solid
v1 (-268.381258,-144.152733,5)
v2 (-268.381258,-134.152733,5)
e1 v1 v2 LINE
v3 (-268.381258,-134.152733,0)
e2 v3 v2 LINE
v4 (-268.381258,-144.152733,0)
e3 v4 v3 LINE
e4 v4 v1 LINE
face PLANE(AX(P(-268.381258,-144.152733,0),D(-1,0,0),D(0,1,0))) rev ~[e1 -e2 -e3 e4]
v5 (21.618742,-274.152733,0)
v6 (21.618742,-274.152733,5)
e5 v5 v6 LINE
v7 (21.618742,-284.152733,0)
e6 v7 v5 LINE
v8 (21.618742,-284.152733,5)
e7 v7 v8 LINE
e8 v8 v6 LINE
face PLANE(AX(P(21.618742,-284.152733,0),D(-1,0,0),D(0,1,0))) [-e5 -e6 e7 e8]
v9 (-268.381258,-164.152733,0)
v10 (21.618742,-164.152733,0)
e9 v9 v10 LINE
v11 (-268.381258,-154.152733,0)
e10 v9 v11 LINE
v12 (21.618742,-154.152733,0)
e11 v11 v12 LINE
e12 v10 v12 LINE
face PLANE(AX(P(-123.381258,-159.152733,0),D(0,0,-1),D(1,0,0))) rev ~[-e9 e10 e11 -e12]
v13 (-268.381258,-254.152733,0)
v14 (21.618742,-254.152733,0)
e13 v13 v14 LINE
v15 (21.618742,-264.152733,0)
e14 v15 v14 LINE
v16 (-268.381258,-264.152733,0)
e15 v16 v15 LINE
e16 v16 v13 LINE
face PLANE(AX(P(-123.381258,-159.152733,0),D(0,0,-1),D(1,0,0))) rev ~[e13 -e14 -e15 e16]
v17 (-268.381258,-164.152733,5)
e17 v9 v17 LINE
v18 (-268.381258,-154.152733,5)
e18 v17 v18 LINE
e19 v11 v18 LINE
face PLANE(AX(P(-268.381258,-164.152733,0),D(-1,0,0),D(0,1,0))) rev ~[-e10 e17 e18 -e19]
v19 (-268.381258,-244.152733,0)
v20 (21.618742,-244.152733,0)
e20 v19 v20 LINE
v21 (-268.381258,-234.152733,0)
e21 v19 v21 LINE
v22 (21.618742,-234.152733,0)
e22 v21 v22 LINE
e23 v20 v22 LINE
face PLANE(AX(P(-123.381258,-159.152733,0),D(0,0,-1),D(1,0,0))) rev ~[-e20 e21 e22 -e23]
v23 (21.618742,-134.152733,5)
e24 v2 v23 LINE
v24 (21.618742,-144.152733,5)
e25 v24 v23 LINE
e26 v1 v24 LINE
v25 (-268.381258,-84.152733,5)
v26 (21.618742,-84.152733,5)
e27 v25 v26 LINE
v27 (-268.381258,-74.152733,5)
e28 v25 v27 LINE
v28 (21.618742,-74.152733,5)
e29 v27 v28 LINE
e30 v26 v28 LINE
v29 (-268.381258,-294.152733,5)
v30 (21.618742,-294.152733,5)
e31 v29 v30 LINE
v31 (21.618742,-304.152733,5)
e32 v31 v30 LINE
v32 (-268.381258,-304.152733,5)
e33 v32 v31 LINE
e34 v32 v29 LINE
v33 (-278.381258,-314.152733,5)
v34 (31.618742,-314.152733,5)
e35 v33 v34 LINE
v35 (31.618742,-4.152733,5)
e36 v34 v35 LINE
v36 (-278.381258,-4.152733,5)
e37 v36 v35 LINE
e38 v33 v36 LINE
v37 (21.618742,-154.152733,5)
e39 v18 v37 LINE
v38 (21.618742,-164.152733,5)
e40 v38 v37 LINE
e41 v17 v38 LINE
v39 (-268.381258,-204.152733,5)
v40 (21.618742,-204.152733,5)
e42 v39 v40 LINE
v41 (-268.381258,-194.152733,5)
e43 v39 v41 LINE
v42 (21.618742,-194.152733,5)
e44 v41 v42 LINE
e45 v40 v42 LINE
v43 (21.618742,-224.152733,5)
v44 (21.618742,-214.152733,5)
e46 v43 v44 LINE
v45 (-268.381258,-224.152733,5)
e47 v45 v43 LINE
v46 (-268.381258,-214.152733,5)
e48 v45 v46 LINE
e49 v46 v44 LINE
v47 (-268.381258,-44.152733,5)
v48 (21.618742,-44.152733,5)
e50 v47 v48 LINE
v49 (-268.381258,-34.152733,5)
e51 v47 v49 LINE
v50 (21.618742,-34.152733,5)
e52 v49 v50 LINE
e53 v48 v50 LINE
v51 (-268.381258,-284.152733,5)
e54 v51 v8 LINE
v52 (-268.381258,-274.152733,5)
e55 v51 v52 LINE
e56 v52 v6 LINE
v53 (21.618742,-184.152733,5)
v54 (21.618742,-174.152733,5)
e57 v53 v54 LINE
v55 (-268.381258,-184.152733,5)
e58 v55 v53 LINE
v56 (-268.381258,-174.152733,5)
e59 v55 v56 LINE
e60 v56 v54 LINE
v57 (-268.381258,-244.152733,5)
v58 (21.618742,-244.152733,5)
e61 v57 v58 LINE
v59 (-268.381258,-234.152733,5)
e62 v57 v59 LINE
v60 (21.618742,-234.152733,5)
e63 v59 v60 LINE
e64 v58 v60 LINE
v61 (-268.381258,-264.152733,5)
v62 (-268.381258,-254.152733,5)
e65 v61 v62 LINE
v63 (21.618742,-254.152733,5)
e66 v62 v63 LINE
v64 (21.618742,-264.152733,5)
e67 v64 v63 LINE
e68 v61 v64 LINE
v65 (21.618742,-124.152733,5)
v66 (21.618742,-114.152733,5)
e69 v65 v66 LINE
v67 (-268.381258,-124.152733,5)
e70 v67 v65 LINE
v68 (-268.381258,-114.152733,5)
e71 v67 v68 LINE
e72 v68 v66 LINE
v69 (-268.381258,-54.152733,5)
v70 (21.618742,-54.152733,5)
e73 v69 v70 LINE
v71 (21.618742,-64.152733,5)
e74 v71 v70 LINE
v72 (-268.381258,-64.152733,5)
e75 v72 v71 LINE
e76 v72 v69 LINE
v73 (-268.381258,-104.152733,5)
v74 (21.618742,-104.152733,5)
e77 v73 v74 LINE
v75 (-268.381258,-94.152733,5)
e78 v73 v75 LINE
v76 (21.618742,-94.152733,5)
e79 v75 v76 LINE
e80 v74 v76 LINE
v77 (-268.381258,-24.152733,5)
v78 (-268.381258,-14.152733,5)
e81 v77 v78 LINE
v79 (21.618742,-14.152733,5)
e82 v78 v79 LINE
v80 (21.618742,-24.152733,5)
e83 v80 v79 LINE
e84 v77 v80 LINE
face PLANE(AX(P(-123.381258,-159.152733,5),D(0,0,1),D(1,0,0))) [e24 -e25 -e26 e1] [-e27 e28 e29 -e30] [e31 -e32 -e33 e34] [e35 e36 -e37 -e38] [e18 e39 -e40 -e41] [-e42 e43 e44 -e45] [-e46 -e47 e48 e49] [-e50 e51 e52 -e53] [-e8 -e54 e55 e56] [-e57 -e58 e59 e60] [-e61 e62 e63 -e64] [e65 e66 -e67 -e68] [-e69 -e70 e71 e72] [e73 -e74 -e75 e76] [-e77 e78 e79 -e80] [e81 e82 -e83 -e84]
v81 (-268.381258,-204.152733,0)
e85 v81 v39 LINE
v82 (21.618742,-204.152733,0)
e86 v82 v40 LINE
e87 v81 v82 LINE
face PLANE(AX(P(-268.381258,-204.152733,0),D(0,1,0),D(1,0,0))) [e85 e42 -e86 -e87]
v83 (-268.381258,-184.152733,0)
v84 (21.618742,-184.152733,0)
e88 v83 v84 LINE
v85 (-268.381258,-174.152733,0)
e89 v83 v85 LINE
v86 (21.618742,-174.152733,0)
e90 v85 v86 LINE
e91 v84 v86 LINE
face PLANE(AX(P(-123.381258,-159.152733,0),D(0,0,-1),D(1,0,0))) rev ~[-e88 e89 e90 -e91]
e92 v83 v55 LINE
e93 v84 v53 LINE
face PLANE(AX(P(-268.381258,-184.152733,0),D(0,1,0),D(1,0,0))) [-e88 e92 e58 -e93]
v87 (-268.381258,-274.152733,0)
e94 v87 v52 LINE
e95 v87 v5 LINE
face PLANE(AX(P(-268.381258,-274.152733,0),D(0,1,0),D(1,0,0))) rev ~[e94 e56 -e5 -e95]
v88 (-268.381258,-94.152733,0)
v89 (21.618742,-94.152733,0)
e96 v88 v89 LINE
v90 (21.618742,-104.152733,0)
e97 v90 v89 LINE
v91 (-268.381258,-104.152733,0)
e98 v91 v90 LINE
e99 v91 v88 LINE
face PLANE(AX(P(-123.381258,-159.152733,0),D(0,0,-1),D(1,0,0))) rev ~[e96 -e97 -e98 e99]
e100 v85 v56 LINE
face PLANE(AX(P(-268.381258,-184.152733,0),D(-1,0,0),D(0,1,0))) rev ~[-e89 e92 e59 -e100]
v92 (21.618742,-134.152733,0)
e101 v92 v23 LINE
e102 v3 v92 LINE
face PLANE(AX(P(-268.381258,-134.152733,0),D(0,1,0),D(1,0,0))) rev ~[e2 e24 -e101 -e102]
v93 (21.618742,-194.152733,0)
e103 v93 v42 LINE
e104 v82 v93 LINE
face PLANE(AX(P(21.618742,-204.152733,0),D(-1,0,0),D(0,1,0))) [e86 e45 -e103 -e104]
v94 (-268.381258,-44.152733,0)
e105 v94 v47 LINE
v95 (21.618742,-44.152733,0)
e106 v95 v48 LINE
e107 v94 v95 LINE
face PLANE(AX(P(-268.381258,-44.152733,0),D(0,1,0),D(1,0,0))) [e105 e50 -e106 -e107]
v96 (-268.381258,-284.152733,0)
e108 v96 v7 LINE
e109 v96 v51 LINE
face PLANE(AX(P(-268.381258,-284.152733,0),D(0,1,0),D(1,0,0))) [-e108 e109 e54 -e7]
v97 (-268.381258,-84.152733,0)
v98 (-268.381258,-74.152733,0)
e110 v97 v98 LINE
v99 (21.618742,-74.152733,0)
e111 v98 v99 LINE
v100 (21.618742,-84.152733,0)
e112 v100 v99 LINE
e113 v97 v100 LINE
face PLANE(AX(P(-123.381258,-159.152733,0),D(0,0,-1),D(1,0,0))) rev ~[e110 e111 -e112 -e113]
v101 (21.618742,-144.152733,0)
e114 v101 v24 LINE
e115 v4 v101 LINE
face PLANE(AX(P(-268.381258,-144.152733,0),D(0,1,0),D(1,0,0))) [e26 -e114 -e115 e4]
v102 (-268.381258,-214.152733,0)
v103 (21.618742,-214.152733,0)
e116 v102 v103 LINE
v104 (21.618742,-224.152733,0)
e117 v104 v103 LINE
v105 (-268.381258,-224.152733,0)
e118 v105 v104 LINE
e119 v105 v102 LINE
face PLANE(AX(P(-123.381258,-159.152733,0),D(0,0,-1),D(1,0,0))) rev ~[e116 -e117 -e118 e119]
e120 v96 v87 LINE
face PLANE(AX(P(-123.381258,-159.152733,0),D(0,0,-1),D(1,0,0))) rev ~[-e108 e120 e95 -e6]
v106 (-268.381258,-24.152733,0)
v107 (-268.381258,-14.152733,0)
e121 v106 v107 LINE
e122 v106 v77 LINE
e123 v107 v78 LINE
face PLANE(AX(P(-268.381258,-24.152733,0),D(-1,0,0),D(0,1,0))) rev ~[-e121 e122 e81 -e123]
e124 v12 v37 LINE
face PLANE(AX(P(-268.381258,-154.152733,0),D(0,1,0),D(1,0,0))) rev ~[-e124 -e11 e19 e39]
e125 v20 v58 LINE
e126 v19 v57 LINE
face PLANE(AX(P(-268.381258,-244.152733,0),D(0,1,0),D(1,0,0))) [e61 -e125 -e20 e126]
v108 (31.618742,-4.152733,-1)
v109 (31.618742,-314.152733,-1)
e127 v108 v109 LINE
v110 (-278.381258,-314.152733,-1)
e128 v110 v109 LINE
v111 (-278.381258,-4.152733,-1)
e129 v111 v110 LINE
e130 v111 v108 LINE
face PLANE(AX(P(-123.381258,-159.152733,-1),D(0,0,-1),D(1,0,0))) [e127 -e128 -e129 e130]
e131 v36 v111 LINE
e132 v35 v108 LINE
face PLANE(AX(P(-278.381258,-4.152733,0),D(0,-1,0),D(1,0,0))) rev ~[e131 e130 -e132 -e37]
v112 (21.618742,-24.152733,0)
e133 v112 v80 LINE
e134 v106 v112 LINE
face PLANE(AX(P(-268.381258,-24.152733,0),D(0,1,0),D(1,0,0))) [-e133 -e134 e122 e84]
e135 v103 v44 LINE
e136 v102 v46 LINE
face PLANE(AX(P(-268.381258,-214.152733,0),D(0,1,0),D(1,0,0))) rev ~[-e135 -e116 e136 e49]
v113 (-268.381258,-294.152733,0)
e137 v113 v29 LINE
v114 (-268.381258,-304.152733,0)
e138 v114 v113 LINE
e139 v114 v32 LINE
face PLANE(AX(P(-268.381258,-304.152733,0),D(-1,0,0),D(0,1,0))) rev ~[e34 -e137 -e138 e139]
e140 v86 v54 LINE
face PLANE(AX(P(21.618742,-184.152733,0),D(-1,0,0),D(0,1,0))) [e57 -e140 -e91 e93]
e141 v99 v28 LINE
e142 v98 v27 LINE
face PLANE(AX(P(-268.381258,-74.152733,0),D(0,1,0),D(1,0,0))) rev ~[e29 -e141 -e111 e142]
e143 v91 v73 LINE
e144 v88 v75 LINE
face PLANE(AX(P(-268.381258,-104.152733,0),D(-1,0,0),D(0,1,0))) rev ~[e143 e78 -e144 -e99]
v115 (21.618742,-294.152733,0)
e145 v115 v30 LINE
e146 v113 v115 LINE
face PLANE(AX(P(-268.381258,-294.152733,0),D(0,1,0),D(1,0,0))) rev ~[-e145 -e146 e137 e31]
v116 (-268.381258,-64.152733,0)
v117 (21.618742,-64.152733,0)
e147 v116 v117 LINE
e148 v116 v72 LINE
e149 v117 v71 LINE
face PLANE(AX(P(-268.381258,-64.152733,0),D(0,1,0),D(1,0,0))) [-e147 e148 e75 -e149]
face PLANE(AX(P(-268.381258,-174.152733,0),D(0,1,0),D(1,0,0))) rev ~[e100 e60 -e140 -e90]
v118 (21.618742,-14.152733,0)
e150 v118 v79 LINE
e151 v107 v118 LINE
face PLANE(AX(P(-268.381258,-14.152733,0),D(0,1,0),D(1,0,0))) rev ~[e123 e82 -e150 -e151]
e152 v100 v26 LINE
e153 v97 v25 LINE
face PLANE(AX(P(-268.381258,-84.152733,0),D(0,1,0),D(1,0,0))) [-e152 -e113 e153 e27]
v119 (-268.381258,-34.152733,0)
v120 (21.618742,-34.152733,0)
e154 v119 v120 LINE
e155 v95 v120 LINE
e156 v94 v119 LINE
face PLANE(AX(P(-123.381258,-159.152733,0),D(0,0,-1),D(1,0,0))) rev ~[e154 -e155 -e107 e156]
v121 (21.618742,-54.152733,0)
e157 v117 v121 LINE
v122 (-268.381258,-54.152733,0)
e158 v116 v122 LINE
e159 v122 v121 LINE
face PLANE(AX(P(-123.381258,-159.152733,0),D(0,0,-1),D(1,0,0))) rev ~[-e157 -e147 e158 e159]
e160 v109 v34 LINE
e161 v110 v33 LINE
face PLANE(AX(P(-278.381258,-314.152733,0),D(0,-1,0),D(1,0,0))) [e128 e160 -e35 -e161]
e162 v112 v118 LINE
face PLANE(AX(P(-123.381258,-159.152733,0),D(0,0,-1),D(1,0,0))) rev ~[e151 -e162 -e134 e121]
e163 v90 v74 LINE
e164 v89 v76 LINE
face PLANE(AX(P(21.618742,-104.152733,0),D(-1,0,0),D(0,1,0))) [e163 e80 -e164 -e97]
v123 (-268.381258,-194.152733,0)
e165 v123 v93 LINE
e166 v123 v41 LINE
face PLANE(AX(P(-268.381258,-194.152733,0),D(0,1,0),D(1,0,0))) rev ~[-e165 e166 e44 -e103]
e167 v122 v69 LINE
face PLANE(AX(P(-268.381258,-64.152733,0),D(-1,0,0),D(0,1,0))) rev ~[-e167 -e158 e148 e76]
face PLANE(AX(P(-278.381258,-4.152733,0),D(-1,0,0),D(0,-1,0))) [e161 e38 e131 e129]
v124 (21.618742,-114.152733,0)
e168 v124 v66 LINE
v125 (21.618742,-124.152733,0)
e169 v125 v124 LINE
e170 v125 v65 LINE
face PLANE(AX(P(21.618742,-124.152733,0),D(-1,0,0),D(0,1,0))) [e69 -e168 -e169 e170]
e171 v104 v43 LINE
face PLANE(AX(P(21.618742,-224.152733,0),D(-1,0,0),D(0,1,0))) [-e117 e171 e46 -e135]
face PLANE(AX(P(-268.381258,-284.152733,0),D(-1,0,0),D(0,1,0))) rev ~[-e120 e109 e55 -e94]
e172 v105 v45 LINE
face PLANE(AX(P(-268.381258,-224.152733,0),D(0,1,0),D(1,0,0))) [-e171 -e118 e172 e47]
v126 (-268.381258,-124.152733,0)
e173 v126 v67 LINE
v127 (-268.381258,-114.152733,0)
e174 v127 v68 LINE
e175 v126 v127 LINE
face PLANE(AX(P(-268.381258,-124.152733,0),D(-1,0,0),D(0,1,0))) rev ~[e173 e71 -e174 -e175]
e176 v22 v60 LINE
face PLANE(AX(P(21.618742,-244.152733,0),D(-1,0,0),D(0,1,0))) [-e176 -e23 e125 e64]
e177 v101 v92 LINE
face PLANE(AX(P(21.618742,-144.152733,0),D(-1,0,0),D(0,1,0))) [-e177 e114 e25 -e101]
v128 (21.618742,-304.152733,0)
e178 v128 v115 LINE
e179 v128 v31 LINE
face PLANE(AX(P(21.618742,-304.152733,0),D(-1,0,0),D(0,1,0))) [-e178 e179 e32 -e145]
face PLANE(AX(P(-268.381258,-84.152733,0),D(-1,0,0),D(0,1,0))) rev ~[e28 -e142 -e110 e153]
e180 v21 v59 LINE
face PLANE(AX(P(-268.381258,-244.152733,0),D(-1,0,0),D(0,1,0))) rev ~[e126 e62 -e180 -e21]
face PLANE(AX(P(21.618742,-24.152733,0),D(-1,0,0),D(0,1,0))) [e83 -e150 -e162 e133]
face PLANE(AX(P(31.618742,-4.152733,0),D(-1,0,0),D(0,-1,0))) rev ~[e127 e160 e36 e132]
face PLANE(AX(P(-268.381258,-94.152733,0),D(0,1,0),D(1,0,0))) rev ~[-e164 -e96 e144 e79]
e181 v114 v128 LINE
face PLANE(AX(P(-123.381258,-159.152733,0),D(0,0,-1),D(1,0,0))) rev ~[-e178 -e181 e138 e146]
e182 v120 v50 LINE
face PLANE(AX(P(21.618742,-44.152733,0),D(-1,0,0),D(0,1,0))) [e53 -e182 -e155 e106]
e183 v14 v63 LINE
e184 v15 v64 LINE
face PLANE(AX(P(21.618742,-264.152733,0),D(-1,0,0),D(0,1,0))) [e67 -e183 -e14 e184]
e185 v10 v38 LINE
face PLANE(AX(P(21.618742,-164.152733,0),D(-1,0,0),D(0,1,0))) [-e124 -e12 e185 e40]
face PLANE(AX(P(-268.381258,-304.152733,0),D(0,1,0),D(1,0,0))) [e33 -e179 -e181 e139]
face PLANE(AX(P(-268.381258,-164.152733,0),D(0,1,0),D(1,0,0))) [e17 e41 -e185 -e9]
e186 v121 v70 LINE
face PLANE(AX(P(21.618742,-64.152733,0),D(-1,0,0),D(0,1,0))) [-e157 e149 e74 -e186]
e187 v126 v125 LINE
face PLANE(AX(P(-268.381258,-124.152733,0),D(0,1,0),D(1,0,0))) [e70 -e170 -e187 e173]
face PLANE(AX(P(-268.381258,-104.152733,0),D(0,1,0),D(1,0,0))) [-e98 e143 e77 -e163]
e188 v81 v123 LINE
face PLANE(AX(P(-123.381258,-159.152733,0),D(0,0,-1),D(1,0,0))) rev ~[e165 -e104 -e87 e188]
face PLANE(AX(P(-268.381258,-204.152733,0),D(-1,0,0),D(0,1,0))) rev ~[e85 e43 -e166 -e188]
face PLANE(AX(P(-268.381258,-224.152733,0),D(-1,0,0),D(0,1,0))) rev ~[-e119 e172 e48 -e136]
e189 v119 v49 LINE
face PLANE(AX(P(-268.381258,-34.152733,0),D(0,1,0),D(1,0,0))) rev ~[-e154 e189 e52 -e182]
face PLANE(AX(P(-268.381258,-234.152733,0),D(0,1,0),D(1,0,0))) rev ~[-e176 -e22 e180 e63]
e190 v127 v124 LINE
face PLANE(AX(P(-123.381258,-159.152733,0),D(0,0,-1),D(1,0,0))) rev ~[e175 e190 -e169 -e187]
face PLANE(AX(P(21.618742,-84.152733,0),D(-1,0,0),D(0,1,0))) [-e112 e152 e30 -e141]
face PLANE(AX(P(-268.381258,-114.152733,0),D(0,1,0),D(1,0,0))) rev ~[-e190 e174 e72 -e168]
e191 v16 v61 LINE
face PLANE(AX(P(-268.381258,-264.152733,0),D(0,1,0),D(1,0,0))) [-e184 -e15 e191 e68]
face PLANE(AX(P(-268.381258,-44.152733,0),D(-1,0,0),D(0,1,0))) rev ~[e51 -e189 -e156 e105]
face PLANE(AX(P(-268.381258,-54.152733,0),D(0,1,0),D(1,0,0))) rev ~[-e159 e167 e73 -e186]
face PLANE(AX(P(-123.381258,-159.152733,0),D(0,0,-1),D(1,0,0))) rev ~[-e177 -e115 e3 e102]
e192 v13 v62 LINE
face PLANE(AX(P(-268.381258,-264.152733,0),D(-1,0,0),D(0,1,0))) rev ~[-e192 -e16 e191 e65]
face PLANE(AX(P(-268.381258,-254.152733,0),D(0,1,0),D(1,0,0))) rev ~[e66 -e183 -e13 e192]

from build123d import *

# Parameters (mm, degrees)
F0_W     = 310
F0_H     = 310
F0_W_2   = 290
F0_H_2   = 10
F1_DEPTH = 5
F2_W     = 310
F2_H     = 310
F3_DEPTH = 1


with BuildPart() as f1:
    # F0 (on Top) → F1 (new body)
    with BuildSketch(Plane.XY):
        with Locations((-123.381258, -159.152733)):
            Rectangle(F0_W, F0_H)
        with Locations((-123.381258, -159.152733)):
            Rectangle(F0_W_2, F0_H_2, mode=Mode.SUBTRACT)
        with Locations((-123.381258, -299.152733)):
            Rectangle(F0_W_2, F0_H_2, mode=Mode.SUBTRACT)
        with Locations((-123.381258, -279.152733)):
            Rectangle(F0_W_2, F0_H_2, mode=Mode.SUBTRACT)
        with Locations((-123.381258, -259.152733)):
            Rectangle(F0_W_2, F0_H_2, mode=Mode.SUBTRACT)
        with Locations((-123.381258, -239.152733)):
            Rectangle(F0_W_2, F0_H_2, mode=Mode.SUBTRACT)
        with Locations((-123.381258, -219.152733)):
            Rectangle(F0_W_2, F0_H_2, mode=Mode.SUBTRACT)
        with Locations((-123.381258, -199.152733)):
            Rectangle(F0_W_2, F0_H_2, mode=Mode.SUBTRACT)
        with Locations((-123.381258, -179.152733)):
            Rectangle(F0_W_2, F0_H_2, mode=Mode.SUBTRACT)
        with Locations((-123.381258, -139.152733)):
            Rectangle(F0_W_2, F0_H_2, mode=Mode.SUBTRACT)
        with Locations((-123.381258, -119.152733)):
            Rectangle(F0_W_2, F0_H_2, mode=Mode.SUBTRACT)
        with Locations((-123.381258, -99.152733)):
            Rectangle(F0_W_2, F0_H_2, mode=Mode.SUBTRACT)
        with Locations((-123.381258, -79.152733)):
            Rectangle(F0_W_2, F0_H_2, mode=Mode.SUBTRACT)
        with Locations((-123.381258, -59.152733)):
            Rectangle(F0_W_2, F0_H_2, mode=Mode.SUBTRACT)
        with Locations((-123.381258, -39.152733)):
            Rectangle(F0_W_2, F0_H_2, mode=Mode.SUBTRACT)
        with Locations((-123.381258, -19.152733)):
            Rectangle(F0_W_2, F0_H_2, mode=Mode.SUBTRACT)
    extrude(amount=F1_DEPTH)

    # F2 (on face) → F3 (join)
    with BuildSketch(Plane(origin=(0, 0, 0), x_dir=(1, 0, 0), z_dir=(0, 0, -1))):
        with Locations((-123.381258, 159.152733)):
            Rectangle(F2_W, F2_H)
    extrude(amount=F3_DEPTH)


solid = f1.part
